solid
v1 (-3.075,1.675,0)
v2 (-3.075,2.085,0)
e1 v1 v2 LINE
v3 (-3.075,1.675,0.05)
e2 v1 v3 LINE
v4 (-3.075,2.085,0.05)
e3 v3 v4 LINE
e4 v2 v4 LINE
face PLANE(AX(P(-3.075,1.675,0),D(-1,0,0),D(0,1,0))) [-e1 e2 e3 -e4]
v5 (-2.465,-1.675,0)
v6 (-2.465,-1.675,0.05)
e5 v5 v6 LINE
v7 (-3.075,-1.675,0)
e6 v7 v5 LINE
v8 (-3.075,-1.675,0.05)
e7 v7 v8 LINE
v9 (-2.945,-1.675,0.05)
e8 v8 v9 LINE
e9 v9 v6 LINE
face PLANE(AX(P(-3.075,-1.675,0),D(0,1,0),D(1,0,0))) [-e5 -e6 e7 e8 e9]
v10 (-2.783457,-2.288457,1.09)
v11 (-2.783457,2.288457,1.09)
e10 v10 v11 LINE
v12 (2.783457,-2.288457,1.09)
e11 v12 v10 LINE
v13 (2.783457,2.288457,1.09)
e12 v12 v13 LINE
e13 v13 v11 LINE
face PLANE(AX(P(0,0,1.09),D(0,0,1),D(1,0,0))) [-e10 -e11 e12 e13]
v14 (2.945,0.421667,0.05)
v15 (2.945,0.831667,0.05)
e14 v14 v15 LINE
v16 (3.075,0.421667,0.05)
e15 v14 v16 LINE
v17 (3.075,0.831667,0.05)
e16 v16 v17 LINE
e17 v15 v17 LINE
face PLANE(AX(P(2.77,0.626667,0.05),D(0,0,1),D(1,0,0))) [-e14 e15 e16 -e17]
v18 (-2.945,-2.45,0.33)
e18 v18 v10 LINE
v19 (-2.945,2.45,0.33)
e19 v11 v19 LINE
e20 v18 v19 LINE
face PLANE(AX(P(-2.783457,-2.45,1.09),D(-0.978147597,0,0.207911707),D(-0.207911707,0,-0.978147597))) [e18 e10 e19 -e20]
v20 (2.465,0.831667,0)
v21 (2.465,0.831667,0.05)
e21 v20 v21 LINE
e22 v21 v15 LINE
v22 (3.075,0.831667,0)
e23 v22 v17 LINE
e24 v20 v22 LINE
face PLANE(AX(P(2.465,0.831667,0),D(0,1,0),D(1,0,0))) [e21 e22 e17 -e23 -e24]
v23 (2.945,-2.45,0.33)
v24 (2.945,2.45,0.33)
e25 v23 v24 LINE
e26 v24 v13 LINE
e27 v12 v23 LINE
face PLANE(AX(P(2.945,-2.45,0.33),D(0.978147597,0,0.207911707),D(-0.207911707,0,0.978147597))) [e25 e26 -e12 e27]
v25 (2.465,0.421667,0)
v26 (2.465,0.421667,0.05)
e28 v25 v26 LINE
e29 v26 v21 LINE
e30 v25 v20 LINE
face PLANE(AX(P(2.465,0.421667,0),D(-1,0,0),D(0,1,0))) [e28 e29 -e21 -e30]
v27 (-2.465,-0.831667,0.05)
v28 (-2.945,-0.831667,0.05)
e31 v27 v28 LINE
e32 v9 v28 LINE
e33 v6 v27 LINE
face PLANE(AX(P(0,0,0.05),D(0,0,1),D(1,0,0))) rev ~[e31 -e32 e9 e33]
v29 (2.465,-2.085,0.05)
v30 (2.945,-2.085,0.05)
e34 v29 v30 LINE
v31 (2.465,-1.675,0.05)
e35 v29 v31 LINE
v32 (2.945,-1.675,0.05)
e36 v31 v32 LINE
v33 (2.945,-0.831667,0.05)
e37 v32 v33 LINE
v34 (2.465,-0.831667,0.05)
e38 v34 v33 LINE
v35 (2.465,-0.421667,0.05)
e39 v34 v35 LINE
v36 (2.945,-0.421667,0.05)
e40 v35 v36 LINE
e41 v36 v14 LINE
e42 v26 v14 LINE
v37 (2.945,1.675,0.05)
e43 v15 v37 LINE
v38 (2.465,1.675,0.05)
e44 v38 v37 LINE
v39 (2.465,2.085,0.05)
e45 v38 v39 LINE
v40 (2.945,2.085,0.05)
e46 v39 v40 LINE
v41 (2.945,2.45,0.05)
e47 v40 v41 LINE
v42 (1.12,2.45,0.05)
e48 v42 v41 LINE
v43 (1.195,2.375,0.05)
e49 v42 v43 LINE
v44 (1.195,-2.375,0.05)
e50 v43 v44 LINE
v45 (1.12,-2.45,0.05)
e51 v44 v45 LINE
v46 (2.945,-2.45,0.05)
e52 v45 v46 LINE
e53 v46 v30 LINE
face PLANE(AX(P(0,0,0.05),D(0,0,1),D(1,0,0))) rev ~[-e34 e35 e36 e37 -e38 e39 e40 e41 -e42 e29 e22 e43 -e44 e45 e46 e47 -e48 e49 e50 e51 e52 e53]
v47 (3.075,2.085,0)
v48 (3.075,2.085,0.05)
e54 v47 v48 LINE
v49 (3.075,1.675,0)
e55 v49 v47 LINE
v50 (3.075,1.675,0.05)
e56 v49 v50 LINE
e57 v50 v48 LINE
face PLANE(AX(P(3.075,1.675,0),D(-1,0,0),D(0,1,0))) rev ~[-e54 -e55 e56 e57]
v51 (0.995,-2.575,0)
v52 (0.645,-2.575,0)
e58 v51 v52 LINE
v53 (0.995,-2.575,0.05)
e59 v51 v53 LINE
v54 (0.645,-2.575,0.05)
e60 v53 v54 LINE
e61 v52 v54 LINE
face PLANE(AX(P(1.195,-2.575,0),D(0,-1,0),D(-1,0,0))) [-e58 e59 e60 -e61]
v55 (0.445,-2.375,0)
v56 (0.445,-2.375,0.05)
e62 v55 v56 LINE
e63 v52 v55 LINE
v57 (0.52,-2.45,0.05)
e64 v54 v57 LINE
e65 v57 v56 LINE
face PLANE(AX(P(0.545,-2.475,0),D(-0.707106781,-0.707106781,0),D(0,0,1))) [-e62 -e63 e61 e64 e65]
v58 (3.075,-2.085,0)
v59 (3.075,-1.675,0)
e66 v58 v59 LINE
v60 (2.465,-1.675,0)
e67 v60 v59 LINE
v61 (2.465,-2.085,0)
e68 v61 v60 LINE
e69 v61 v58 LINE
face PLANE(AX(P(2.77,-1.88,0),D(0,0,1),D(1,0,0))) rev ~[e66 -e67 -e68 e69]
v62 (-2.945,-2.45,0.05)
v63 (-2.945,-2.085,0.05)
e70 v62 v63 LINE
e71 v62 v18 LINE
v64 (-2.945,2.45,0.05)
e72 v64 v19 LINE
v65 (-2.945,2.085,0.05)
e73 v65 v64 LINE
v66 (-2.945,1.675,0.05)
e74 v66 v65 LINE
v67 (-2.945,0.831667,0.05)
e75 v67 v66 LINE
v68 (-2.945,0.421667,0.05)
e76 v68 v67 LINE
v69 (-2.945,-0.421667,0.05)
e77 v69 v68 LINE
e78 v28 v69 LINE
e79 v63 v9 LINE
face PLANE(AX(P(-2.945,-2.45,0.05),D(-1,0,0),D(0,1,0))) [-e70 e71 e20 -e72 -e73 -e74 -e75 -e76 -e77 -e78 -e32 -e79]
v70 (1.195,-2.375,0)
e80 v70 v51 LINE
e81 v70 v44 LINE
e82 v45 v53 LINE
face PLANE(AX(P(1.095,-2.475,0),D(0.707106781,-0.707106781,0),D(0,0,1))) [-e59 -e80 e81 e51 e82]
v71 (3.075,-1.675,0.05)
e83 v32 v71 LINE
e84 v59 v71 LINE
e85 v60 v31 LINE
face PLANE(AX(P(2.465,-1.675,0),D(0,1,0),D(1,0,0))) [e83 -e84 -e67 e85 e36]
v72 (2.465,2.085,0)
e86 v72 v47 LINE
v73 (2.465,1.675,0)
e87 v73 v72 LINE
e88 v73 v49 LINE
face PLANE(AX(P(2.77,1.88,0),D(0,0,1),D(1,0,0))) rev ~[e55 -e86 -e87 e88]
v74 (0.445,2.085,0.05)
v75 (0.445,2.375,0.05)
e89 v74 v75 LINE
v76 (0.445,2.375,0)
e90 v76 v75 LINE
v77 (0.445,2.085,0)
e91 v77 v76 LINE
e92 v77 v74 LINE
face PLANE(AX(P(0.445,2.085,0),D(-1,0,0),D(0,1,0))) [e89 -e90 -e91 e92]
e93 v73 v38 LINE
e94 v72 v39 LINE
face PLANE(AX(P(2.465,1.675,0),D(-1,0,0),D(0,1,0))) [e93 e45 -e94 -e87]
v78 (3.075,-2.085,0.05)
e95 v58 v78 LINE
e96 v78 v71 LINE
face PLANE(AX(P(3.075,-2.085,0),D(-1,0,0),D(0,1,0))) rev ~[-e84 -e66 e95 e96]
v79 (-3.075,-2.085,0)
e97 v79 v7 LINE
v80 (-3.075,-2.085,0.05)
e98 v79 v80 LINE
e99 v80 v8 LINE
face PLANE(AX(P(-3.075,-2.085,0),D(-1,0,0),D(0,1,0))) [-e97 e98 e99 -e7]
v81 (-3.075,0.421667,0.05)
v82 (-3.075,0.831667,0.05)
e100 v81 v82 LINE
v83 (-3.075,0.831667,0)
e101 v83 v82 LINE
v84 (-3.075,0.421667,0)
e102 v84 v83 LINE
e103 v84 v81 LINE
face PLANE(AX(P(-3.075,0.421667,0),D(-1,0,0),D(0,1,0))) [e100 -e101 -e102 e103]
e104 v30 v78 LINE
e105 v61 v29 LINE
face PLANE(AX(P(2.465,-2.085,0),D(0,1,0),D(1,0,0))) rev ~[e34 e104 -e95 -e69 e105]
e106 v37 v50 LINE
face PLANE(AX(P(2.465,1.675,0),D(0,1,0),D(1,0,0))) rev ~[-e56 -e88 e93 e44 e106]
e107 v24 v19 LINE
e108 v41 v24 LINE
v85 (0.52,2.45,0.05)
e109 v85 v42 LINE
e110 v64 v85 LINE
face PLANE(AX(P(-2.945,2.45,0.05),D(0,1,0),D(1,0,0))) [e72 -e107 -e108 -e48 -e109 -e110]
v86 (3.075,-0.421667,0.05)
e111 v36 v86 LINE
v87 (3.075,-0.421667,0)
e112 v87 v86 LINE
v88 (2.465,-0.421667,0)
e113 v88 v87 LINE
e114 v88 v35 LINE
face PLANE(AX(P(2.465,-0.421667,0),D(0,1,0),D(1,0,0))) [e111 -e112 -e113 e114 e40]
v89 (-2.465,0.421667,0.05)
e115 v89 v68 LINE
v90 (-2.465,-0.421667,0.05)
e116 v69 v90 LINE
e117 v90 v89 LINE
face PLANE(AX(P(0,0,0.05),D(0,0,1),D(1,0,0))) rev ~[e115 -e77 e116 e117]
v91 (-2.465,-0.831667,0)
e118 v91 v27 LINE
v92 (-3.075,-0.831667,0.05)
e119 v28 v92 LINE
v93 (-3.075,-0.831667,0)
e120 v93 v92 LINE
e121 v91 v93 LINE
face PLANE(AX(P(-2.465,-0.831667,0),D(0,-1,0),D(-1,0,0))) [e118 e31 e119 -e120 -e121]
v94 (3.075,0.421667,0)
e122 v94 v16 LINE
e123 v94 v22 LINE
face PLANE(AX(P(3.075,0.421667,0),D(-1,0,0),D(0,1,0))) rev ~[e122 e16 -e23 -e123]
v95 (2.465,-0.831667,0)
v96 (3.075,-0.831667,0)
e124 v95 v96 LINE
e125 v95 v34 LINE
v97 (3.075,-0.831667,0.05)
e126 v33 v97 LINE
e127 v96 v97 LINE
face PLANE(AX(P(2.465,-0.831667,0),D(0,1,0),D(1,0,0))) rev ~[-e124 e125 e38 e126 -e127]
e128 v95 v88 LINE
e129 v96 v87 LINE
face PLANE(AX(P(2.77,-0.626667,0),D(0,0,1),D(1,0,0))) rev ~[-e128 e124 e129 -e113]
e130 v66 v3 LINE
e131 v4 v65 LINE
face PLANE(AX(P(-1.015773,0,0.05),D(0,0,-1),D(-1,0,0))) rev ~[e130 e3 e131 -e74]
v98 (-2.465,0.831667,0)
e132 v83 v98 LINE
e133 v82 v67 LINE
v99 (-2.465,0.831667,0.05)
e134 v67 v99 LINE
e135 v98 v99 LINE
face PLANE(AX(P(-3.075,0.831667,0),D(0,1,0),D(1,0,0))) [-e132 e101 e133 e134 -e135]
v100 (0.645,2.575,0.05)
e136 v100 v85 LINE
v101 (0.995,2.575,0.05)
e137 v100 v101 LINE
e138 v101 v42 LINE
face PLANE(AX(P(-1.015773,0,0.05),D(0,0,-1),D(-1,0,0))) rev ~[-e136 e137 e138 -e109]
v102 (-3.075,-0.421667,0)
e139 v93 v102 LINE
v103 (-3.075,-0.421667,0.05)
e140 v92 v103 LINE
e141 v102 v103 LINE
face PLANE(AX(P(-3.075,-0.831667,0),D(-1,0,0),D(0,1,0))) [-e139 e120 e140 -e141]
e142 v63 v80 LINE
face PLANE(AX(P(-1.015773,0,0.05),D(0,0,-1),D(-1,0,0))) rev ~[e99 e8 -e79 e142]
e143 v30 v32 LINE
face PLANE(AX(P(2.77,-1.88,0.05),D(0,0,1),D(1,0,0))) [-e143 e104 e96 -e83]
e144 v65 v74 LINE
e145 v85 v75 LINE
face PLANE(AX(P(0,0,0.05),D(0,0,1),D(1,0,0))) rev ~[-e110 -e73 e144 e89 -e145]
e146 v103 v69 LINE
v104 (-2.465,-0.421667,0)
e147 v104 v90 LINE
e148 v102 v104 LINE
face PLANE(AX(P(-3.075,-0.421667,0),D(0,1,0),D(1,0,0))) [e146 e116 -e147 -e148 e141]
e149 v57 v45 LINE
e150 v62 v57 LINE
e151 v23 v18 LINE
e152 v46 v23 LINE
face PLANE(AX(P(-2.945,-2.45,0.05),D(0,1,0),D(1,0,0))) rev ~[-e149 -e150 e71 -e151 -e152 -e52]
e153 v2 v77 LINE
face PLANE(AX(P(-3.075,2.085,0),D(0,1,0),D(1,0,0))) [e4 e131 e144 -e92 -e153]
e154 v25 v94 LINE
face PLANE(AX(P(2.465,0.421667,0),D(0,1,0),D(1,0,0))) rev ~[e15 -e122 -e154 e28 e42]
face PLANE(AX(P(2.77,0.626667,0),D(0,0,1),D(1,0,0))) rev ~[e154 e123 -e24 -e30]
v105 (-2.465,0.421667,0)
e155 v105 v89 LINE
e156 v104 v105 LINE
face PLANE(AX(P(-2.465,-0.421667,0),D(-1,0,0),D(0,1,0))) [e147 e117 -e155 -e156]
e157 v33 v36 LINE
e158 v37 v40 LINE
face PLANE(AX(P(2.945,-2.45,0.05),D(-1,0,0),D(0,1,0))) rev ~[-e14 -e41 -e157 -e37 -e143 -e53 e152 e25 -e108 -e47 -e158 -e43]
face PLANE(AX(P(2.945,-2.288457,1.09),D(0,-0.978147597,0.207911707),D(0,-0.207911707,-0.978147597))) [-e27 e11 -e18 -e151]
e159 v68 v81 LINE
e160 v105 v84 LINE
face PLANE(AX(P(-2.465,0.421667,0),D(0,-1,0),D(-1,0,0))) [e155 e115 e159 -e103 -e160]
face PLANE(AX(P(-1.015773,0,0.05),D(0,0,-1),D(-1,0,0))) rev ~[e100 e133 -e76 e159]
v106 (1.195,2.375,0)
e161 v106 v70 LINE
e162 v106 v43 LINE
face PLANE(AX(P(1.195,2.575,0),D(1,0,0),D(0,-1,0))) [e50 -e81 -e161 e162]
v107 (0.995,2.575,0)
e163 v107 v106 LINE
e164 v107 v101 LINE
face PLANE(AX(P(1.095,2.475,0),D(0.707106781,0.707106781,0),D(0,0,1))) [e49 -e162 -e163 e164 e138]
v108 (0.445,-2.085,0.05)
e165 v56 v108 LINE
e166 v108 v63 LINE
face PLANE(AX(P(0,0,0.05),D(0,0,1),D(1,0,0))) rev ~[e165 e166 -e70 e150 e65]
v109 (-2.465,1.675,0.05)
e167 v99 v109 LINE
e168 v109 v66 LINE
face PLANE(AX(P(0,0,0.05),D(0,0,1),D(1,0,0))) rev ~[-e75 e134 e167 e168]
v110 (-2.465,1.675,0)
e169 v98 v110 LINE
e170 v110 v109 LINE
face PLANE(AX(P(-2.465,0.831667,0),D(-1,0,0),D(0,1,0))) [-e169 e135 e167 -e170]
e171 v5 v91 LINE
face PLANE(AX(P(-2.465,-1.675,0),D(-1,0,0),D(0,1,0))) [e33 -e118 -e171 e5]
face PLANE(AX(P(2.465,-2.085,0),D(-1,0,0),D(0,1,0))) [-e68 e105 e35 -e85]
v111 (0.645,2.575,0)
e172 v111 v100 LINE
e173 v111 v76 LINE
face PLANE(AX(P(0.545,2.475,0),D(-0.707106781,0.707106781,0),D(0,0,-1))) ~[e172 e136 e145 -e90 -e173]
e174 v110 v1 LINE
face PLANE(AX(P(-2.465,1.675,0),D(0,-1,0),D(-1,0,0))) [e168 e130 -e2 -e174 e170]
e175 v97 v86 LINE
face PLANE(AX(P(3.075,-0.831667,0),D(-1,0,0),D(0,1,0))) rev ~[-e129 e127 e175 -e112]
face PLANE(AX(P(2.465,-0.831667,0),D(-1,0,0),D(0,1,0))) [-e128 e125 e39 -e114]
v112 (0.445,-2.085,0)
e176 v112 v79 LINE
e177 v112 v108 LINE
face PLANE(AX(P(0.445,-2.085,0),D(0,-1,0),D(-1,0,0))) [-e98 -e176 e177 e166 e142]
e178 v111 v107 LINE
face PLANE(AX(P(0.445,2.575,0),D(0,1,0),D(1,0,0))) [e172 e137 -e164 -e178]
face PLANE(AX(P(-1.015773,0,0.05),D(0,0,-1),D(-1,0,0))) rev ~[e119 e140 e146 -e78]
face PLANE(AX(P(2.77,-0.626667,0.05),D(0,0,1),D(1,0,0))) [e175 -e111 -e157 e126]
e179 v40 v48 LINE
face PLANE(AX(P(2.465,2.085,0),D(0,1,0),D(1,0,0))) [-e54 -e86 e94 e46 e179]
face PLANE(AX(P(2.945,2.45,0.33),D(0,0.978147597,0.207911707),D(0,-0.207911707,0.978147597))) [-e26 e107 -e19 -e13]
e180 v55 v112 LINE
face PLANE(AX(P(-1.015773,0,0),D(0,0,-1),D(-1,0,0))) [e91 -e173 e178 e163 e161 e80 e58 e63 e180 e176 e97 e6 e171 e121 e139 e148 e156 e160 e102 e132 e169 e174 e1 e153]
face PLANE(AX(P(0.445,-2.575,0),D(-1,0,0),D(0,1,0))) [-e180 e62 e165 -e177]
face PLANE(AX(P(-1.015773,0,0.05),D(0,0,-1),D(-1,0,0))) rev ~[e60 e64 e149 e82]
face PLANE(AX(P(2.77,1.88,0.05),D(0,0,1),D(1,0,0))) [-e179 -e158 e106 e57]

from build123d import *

# Parameters (mm, degrees)
SKETCH001_W     = 5.89
SKETCH001_H     = 4.9
PAD001_DEPTH    = 1.04
POCKET_DEPTH    = 6
POCKET001_DEPTH = 6
SKETCH_W        = 0.61
SKETCH_H        = 0.41
PAD_DEPTH       = 0.05
CHAMFER004_SIZE = 0.2
CHAMFER005_SIZE = 0.2
CHAMFER006_SIZE = 0.2
CHAMFER007_SIZE = 0.2


with BuildPart() as pocket001:
    # Sketch001 → Pad001 (new body)
    with BuildSketch(Plane.XY.offset(0.05)):
        with Locations((3.075, 2.575)):
            Rectangle(SKETCH001_W, SKETCH001_H)
    extrude(amount=PAD001_DEPTH)

    # Sketch002 → Pocket (cut)
    with BuildSketch(Plane(origin=(0, 0.125, 0.05), x_dir=(1, 0, 0), z_dir=(0, -1, 0))):
        Polygon((0.13, 0.28), (0.13, 1.04), (0.291543, 1.04), align=None)
        Polygon((5.858457, 1.04), (6.02, 1.04), (6.02, 0.28), align=None)
    extrude(amount=-POCKET_DEPTH, mode=Mode.SUBTRACT)

    # Sketch003 → Pocket001 (cut)
    with BuildSketch(Plane(origin=(6.02, 0, 0.05), x_dir=(0, 1, 0), z_dir=(1, 0, 0))):
        Polygon((0.125, 0.28), (0.125, 1.04), (0.286543, 1.04), align=None)
        Polygon((4.863457, 1.04), (5.025, 1.04), (5.025, 0.28), align=None)
    extrude(amount=-POCKET001_DEPTH, mode=Mode.SUBTRACT)


with BuildPart() as fusion:
    # Sketch → Pad (new body)
    with BuildSketch(Plane.XY):
        Polygon((3.52, 0), (3.52, 0.49), (0, 0.49), (0, 0.9), (0.61, 0.9), (0.61, 1.743333), (0, 1.743333), (0, 2.153333), (0.61, 2.153333), (0.61, 2.996667), (0, 2.996667), (0, 3.406667), (0.61, 3.406667), (0.61, 4.25), (0, 4.25), (0, 4.66), (3.52, 4.66), (3.52, 5.15), (4.27, 5.15), (4.27, 0), align=None)
        with Locations((5.845, 4.455)):
            Rectangle(SKETCH_W, SKETCH_H)
        with Locations((5.845, 3.201667)):
            Rectangle(SKETCH_W, SKETCH_H)
        with Locations((5.845, 1.948333)):
            Rectangle(SKETCH_W, SKETCH_H)
        with Locations((5.845, 0.695)):
            Rectangle(SKETCH_W, SKETCH_H)
    extrude(amount=PAD_DEPTH)

    # Chamfer004
    chamfer004_edges = [fusion.edges().sort_by_distance(p)[0] for p in [
        (4.27, 0, 0.025),
    ]]
    chamfer(chamfer004_edges, length=CHAMFER004_SIZE)

    # Chamfer005
    chamfer005_edges = [fusion.edges().sort_by_distance(p)[0] for p in [
        (3.52, 0, 0.025),
    ]]
    chamfer(chamfer005_edges, length=CHAMFER005_SIZE)

    # Chamfer006
    chamfer006_edges = [fusion.edges().sort_by_distance(p)[0] for p in [
        (3.52, 5.15, 0.025),
    ]]
    chamfer(chamfer006_edges, length=CHAMFER006_SIZE)

    # Chamfer007
    chamfer007_edges = [fusion.edges().sort_by_distance(p)[0] for p in [
        (4.27, 5.15, 0.025),
    ]]
    chamfer(chamfer007_edges, length=CHAMFER007_SIZE)

    # Fusion: union Pocket001
    add(pocket001.part)


with BuildPart() as fusion_1:
    # Fusion placement: moved
    add(fusion.part.moved(Location((-3.075, -2.575, 0))))


solid = fusion_1.part
